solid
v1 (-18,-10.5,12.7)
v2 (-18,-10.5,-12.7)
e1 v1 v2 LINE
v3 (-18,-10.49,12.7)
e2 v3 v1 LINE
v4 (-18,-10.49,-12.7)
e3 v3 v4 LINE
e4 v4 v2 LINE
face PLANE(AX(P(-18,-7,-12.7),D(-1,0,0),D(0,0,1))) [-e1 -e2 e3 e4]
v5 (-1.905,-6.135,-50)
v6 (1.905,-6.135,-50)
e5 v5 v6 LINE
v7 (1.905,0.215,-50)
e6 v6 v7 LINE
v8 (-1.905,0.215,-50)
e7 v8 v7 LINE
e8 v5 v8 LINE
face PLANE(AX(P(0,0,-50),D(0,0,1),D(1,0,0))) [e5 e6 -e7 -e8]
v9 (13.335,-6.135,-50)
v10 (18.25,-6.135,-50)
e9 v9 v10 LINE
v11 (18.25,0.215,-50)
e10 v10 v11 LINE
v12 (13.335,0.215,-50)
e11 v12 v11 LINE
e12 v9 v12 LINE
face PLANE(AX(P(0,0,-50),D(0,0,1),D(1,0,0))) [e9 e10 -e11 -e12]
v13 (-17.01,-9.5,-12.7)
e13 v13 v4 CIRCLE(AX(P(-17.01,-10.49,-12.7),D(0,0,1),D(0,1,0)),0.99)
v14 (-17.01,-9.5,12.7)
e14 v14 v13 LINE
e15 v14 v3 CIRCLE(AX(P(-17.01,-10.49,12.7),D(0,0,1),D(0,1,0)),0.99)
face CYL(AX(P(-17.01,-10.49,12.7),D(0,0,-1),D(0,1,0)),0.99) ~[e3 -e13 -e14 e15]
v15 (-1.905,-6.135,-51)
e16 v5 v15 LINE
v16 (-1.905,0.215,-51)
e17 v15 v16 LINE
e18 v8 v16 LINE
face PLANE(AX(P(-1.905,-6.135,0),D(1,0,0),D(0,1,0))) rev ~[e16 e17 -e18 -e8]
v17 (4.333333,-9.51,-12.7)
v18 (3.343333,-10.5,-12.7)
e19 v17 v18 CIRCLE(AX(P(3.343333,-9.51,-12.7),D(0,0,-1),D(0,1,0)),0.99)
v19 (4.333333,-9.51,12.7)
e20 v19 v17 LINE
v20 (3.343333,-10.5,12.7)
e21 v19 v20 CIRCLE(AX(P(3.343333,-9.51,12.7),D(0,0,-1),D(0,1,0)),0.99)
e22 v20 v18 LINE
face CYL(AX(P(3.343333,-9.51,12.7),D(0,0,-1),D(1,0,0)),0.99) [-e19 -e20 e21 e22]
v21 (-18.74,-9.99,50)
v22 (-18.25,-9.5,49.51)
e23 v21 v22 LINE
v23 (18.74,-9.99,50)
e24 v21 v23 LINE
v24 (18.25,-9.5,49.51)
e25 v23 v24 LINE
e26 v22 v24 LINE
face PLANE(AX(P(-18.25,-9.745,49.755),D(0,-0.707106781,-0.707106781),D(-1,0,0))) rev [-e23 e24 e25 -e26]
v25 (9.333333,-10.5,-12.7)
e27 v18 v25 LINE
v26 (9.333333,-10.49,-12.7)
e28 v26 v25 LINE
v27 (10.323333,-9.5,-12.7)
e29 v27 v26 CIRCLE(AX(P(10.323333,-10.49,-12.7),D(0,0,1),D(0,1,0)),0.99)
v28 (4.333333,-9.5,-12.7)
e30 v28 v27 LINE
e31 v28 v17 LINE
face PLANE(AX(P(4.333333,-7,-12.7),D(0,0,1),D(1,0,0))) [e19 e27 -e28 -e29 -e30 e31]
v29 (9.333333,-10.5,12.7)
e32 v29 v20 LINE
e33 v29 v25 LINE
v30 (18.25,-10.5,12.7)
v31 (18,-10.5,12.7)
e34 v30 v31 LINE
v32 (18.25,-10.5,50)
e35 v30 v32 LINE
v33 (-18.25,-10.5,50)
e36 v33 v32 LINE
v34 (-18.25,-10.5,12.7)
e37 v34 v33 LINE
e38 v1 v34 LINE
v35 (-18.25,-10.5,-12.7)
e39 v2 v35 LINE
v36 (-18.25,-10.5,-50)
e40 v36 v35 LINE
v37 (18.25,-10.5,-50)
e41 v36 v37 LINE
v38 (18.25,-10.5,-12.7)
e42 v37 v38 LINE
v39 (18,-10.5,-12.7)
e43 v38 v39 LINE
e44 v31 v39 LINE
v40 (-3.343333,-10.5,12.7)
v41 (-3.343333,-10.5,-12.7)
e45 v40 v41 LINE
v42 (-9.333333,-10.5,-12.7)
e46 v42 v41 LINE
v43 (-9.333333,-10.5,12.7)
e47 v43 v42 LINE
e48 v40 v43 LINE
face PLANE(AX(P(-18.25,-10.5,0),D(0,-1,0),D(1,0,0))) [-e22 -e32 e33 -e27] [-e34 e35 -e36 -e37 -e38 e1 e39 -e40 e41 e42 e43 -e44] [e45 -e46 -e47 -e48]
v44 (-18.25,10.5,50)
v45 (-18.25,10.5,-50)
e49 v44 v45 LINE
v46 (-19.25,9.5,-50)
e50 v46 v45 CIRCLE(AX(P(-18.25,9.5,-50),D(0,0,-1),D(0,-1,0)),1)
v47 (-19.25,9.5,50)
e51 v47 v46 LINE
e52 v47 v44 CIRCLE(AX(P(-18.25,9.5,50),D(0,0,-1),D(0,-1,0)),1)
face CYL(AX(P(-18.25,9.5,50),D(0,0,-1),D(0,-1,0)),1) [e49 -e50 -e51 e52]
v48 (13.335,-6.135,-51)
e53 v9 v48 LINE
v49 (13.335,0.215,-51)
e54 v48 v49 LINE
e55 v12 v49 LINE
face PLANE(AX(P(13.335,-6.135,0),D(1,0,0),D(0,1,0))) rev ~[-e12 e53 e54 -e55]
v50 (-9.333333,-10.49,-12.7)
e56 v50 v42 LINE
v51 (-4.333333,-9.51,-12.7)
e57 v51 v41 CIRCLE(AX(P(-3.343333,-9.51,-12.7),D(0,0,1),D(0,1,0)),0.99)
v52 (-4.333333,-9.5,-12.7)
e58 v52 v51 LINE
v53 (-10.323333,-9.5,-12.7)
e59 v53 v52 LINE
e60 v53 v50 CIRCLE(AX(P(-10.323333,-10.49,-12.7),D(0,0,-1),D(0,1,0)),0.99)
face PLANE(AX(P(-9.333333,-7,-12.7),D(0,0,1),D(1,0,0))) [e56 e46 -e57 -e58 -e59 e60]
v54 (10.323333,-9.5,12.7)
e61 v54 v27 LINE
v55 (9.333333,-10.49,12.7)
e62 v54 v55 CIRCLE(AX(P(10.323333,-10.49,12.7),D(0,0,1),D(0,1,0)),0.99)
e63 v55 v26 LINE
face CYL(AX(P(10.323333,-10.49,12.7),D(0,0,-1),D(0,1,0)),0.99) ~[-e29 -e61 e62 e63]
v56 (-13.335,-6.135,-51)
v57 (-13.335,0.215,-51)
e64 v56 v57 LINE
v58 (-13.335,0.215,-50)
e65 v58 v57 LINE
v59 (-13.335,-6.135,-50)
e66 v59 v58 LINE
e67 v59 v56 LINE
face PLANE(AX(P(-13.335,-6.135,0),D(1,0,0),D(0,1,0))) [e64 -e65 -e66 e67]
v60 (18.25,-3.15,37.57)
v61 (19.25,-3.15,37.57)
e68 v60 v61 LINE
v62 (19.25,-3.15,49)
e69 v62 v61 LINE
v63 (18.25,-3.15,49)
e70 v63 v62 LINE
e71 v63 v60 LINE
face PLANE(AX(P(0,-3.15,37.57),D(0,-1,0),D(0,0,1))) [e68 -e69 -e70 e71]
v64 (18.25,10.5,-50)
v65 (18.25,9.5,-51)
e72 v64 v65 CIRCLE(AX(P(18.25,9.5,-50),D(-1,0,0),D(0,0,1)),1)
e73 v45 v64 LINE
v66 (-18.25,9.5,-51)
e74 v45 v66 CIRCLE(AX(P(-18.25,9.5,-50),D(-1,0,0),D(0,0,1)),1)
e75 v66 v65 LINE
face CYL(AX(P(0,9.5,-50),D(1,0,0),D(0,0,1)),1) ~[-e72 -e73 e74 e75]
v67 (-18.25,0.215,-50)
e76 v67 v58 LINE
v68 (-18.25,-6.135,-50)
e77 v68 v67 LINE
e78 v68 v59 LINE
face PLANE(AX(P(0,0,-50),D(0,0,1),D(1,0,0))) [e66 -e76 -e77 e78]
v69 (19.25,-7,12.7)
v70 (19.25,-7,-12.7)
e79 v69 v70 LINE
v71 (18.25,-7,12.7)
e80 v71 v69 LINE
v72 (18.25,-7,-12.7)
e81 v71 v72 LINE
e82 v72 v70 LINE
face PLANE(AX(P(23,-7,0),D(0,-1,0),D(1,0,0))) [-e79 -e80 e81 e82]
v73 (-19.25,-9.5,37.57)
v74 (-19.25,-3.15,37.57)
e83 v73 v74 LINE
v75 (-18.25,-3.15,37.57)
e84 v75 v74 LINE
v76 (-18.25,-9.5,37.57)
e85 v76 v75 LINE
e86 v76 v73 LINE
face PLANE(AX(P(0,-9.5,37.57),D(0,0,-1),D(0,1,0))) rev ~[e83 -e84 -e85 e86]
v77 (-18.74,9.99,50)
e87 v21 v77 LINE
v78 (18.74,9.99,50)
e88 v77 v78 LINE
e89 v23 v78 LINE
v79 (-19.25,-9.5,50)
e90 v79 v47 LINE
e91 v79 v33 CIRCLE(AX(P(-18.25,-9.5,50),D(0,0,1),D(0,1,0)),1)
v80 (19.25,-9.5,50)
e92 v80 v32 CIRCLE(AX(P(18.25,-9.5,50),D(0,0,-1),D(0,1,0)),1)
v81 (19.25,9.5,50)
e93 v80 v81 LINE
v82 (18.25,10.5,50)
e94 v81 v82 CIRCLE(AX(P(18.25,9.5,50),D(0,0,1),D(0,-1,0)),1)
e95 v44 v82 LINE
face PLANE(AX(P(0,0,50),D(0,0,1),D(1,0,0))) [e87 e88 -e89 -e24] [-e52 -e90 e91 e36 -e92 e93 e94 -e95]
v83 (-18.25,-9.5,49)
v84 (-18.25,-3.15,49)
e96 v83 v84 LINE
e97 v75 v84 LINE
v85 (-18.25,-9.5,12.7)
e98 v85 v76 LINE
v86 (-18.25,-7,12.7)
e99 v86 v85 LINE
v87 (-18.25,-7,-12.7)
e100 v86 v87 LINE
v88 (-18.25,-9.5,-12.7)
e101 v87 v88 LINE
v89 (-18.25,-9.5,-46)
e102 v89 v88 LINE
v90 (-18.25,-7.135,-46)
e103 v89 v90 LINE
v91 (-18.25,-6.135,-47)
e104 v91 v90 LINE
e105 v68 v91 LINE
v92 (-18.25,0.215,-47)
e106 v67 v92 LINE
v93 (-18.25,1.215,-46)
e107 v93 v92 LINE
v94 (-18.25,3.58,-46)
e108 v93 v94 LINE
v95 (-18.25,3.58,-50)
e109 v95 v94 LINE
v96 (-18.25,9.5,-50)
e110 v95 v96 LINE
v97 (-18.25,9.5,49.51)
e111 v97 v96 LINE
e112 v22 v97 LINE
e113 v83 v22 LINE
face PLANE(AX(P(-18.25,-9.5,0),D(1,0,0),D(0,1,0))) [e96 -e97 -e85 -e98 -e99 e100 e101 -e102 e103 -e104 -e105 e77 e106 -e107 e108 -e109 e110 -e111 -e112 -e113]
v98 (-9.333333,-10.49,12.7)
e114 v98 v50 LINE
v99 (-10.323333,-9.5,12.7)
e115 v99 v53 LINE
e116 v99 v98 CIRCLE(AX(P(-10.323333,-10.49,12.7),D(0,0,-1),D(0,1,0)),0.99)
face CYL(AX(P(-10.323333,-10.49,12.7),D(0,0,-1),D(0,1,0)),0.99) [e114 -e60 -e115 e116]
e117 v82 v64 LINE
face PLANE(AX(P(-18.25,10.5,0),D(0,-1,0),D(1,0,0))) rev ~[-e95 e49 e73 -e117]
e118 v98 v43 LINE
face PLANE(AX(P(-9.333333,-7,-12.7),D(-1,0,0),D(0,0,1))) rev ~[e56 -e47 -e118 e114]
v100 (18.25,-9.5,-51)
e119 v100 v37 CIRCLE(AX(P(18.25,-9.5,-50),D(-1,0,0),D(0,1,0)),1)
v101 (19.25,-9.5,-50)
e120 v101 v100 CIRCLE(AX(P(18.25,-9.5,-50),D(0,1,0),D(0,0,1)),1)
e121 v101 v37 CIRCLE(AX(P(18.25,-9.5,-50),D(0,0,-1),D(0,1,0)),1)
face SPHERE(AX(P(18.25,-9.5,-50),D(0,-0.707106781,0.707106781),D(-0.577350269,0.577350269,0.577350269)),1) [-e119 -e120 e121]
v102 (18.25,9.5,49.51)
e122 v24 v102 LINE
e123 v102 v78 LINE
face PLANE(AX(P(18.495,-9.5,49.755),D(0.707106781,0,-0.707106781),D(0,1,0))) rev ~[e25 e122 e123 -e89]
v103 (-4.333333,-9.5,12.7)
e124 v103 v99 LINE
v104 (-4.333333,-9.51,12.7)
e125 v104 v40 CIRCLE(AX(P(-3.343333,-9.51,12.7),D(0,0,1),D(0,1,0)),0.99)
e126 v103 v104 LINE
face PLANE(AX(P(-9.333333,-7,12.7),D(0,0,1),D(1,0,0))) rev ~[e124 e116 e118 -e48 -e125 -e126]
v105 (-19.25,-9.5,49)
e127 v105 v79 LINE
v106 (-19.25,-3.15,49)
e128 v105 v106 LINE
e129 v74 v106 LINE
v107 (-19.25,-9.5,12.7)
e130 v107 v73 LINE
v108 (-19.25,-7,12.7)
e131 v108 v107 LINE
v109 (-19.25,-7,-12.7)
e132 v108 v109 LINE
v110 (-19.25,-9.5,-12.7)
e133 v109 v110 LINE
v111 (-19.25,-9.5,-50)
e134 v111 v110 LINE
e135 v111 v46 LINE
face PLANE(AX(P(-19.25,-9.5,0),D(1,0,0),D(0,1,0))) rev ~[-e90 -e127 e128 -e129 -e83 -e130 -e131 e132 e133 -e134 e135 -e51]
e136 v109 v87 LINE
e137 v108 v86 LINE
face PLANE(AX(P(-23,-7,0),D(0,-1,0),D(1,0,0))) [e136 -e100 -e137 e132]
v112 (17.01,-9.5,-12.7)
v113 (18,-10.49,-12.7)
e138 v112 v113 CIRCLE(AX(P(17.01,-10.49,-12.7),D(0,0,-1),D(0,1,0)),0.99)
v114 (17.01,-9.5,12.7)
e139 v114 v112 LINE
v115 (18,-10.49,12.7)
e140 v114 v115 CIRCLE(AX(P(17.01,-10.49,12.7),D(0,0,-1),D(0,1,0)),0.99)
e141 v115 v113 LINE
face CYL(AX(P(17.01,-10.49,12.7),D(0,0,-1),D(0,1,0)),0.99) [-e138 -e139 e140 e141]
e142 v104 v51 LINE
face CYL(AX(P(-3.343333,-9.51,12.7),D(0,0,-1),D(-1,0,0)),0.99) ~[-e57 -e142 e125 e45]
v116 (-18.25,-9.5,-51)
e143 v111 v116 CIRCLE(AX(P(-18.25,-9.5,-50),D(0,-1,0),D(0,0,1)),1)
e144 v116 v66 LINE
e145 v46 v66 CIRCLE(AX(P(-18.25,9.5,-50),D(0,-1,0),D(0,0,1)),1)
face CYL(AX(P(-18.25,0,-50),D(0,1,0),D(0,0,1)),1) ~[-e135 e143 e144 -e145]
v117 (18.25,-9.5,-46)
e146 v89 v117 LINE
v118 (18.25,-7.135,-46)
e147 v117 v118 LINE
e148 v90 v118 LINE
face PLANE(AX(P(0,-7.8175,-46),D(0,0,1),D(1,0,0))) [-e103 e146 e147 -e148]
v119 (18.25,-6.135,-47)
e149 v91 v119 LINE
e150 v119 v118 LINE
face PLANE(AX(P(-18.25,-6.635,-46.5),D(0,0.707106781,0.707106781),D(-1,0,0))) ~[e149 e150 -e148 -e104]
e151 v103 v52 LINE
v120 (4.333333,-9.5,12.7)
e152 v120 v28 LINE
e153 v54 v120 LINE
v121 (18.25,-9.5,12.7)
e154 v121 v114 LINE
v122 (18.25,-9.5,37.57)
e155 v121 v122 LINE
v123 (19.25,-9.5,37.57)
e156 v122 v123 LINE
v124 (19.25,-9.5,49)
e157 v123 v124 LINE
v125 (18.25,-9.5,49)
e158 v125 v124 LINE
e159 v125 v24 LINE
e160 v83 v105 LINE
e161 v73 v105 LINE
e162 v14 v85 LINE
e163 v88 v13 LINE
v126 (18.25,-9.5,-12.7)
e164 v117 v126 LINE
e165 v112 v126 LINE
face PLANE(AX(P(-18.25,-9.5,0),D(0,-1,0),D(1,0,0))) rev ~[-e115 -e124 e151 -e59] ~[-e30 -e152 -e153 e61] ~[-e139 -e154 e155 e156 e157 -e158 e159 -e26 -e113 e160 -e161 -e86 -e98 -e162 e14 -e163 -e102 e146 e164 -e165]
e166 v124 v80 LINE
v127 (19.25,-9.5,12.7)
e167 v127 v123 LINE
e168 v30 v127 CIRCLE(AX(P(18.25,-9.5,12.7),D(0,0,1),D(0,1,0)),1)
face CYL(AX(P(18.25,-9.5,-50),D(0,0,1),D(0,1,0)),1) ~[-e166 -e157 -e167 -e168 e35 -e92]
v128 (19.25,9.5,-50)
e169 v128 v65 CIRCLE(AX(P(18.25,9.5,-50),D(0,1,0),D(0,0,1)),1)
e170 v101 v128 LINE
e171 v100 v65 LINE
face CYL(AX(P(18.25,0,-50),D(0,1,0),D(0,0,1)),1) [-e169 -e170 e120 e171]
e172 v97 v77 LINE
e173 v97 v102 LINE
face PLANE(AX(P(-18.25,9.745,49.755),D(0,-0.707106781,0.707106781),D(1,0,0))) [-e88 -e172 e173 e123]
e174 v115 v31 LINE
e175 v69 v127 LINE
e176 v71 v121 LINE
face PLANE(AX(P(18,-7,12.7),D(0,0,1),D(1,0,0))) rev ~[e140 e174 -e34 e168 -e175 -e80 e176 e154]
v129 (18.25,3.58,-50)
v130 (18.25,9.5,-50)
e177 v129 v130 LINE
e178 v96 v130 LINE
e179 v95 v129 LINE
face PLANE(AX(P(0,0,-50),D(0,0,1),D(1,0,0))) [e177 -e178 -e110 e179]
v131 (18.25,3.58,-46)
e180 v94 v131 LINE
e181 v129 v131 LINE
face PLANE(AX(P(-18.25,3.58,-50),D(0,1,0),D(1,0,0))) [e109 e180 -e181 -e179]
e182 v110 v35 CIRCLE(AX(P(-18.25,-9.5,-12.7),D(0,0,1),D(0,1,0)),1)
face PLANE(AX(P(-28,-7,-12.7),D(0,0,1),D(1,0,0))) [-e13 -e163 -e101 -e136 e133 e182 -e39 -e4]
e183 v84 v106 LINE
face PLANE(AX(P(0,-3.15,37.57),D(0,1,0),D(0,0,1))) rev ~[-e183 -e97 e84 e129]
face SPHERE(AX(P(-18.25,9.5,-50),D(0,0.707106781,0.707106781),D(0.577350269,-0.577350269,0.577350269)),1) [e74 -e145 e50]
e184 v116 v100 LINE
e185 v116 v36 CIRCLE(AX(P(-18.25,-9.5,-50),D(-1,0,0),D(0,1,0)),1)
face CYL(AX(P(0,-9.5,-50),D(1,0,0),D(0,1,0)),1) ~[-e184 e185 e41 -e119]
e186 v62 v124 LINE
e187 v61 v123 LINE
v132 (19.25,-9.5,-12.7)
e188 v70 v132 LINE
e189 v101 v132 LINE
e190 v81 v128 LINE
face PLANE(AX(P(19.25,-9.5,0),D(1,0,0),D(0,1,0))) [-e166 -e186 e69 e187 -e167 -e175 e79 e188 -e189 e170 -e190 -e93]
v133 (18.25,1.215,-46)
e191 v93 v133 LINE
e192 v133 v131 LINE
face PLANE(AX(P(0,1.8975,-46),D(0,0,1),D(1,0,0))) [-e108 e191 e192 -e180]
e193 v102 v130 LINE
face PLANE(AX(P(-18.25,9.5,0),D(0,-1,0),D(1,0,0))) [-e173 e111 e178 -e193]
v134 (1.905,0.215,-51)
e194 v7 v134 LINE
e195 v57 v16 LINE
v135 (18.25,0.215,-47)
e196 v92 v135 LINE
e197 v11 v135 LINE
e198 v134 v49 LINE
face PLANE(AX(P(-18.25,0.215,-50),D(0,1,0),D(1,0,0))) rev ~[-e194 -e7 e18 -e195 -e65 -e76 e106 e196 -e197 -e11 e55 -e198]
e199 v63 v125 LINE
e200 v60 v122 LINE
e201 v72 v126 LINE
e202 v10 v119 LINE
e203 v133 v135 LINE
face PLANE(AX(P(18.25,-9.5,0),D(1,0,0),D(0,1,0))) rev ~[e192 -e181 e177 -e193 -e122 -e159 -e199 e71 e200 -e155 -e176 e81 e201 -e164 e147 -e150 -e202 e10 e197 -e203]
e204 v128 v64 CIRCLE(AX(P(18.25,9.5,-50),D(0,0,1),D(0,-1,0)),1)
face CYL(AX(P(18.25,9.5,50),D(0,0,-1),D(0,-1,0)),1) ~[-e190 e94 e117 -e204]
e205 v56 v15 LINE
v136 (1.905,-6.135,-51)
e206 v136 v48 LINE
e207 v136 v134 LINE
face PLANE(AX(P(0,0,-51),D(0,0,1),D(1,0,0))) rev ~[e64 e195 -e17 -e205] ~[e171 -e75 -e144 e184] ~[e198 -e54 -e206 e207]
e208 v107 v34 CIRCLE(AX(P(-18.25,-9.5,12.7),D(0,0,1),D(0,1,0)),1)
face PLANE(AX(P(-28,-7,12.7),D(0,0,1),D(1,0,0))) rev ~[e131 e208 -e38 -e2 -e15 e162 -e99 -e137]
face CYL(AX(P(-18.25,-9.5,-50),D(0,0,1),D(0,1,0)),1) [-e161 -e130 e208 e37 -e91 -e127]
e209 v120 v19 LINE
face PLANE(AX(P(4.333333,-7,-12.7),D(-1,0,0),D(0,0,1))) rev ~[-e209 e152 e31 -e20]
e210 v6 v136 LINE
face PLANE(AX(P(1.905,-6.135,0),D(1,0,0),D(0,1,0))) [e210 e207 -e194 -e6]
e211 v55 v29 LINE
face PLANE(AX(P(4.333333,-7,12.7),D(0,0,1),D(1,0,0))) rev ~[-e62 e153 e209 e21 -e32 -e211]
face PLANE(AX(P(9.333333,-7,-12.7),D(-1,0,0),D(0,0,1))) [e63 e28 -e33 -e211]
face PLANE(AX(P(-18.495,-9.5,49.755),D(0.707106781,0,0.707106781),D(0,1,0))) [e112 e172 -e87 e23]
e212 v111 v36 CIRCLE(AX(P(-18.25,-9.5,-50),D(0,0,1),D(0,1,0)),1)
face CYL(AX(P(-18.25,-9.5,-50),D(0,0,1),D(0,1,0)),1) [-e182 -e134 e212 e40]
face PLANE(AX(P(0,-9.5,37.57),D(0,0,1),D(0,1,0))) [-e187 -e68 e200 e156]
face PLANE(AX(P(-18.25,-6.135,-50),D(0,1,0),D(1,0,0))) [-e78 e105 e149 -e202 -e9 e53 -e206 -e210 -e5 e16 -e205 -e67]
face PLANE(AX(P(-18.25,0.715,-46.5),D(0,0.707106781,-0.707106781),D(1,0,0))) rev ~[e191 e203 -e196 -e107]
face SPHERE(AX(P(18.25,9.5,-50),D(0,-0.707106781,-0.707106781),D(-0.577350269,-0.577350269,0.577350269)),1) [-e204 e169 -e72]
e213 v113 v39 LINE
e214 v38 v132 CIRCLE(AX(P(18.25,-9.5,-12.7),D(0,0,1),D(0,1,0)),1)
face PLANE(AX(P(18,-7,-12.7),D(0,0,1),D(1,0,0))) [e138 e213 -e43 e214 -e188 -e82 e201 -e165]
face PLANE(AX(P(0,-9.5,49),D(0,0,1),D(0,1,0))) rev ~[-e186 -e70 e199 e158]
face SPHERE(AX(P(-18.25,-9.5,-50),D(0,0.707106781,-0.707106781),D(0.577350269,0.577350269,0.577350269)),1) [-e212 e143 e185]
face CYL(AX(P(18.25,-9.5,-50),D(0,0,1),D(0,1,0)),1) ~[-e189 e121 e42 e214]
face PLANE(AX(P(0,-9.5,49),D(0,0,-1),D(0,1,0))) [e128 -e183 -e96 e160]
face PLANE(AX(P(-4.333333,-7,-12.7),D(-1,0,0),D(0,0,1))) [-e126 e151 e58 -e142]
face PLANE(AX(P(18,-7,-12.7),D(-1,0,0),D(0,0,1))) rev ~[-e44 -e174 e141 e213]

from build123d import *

# Parameters (mm, degrees)
SKETCH020_W          = 36.5
SKETCH020_H          = 19
PAD015_DEPTH         = 50
THICKNESS003_T       = 1
SKETCH021_W          = 11.43
SKETCH021_H          = 6.35
POCKET003_DEPTH      = 51.001
SKETCH022_W          = 6.35
SKETCH022_H          = 11.43
POCKET004_DEPTH      = 19.251
POCKET004_DEPTH_BACK = 19.251
SKETCH028_W          = 10
SKETCH028_H          = 25.4
SKETCH028_W_2        = 5
POCKET005_DEPTH      = 5
FILLET006_R          = 0.99
SKETCH034_W          = 36.5
SKETCH034_H          = 3.365
PAD021_DEPTH         = 4
CHAMFER_SIZE         = 1
CHAMFER001_SIZE      = 0.49


with BuildPart() as part:
    # Sketch020 → Pad015 (new body, symmetric)
    with BuildSketch(Plane.XY):
        Rectangle(SKETCH020_W, SKETCH020_H)
    extrude(amount=PAD015_DEPTH, both=True)

    # Thickness003
    thickness003_openings = [part.faces().sort_by_distance(p)[0] for p in [
        (0, 0, 50),
    ]]
    offset(amount=THICKNESS003_T, openings=thickness003_openings)

    # Sketch021 → Pocket003 (cut, through all)
    with BuildSketch(Plane.XY):
        with Locations((7.62, -2.96)):
            Rectangle(SKETCH021_W, SKETCH021_H)
        with Locations((-7.62, -2.96)):
            Rectangle(SKETCH021_W, SKETCH021_H)
    extrude(amount=-POCKET003_DEPTH, mode=Mode.SUBTRACT)

    # Sketch022 → Pocket004 (cut, two sides)
    with BuildSketch(Plane.YZ) as pocket004_sk:
        with Locations((-6.325, 43.285)):
            Rectangle(SKETCH022_W, SKETCH022_H)
    extrude(amount=-POCKET004_DEPTH, mode=Mode.SUBTRACT)
    extrude(pocket004_sk.sketch, amount=POCKET004_DEPTH_BACK, mode=Mode.SUBTRACT)

    # Sketch028 → Pocket005 (cut)
    with BuildSketch(Plane.XZ.offset(7)):
        with Locations((-23, 0)):
            Rectangle(SKETCH028_W, SKETCH028_H)
        with Locations((23, 0)):
            Rectangle(SKETCH028_W, SKETCH028_H)
        with Locations((-6.833333, 0)):
            Rectangle(SKETCH028_W_2, SKETCH028_H)
        with Locations((6.833333, 0)):
            Rectangle(SKETCH028_W_2, SKETCH028_H)
    extrude(amount=POCKET005_DEPTH, mode=Mode.SUBTRACT)

    # Fillet006
    fillet006_edges = [part.edges().sort_by_distance(p)[0] for p in [
        (-18, -9.5, 0),
        (-9.333333, -9.5, 0),
        (-4.333333, -10.5, 0),
        (4.333333, -10.5, 0),
        (9.333333, -9.5, 0),
        (18, -9.5, 0),
    ]]
    fillet(fillet006_edges, radius=FILLET006_R)

    # Sketch034 → Pad021 (join)
    with BuildSketch(Plane.XY.offset(-50)):
        with Locations((0, -7.8175)):
            Rectangle(SKETCH034_W, SKETCH034_H)
        with Locations((0, 1.8975)):
            Rectangle(SKETCH034_W, SKETCH034_H)
    extrude(amount=PAD021_DEPTH)

    # Chamfer
    chamfer_edges = [part.edges().sort_by_distance(p)[0] for p in [
        (0, 0.215, -46),
        (0, -6.135, -46),
    ]]
    chamfer(chamfer_edges, length=CHAMFER_SIZE)

    # Chamfer001
    chamfer001_edges = [part.edges().sort_by_distance(p)[0] for p in [
        (0, -9.5, 50),
        (-18.25, 0, 50),
        (0, 9.5, 50),
        (18.25, 0, 50),
    ]]
    chamfer(chamfer001_edges, length=CHAMFER001_SIZE)


solid = part.part
